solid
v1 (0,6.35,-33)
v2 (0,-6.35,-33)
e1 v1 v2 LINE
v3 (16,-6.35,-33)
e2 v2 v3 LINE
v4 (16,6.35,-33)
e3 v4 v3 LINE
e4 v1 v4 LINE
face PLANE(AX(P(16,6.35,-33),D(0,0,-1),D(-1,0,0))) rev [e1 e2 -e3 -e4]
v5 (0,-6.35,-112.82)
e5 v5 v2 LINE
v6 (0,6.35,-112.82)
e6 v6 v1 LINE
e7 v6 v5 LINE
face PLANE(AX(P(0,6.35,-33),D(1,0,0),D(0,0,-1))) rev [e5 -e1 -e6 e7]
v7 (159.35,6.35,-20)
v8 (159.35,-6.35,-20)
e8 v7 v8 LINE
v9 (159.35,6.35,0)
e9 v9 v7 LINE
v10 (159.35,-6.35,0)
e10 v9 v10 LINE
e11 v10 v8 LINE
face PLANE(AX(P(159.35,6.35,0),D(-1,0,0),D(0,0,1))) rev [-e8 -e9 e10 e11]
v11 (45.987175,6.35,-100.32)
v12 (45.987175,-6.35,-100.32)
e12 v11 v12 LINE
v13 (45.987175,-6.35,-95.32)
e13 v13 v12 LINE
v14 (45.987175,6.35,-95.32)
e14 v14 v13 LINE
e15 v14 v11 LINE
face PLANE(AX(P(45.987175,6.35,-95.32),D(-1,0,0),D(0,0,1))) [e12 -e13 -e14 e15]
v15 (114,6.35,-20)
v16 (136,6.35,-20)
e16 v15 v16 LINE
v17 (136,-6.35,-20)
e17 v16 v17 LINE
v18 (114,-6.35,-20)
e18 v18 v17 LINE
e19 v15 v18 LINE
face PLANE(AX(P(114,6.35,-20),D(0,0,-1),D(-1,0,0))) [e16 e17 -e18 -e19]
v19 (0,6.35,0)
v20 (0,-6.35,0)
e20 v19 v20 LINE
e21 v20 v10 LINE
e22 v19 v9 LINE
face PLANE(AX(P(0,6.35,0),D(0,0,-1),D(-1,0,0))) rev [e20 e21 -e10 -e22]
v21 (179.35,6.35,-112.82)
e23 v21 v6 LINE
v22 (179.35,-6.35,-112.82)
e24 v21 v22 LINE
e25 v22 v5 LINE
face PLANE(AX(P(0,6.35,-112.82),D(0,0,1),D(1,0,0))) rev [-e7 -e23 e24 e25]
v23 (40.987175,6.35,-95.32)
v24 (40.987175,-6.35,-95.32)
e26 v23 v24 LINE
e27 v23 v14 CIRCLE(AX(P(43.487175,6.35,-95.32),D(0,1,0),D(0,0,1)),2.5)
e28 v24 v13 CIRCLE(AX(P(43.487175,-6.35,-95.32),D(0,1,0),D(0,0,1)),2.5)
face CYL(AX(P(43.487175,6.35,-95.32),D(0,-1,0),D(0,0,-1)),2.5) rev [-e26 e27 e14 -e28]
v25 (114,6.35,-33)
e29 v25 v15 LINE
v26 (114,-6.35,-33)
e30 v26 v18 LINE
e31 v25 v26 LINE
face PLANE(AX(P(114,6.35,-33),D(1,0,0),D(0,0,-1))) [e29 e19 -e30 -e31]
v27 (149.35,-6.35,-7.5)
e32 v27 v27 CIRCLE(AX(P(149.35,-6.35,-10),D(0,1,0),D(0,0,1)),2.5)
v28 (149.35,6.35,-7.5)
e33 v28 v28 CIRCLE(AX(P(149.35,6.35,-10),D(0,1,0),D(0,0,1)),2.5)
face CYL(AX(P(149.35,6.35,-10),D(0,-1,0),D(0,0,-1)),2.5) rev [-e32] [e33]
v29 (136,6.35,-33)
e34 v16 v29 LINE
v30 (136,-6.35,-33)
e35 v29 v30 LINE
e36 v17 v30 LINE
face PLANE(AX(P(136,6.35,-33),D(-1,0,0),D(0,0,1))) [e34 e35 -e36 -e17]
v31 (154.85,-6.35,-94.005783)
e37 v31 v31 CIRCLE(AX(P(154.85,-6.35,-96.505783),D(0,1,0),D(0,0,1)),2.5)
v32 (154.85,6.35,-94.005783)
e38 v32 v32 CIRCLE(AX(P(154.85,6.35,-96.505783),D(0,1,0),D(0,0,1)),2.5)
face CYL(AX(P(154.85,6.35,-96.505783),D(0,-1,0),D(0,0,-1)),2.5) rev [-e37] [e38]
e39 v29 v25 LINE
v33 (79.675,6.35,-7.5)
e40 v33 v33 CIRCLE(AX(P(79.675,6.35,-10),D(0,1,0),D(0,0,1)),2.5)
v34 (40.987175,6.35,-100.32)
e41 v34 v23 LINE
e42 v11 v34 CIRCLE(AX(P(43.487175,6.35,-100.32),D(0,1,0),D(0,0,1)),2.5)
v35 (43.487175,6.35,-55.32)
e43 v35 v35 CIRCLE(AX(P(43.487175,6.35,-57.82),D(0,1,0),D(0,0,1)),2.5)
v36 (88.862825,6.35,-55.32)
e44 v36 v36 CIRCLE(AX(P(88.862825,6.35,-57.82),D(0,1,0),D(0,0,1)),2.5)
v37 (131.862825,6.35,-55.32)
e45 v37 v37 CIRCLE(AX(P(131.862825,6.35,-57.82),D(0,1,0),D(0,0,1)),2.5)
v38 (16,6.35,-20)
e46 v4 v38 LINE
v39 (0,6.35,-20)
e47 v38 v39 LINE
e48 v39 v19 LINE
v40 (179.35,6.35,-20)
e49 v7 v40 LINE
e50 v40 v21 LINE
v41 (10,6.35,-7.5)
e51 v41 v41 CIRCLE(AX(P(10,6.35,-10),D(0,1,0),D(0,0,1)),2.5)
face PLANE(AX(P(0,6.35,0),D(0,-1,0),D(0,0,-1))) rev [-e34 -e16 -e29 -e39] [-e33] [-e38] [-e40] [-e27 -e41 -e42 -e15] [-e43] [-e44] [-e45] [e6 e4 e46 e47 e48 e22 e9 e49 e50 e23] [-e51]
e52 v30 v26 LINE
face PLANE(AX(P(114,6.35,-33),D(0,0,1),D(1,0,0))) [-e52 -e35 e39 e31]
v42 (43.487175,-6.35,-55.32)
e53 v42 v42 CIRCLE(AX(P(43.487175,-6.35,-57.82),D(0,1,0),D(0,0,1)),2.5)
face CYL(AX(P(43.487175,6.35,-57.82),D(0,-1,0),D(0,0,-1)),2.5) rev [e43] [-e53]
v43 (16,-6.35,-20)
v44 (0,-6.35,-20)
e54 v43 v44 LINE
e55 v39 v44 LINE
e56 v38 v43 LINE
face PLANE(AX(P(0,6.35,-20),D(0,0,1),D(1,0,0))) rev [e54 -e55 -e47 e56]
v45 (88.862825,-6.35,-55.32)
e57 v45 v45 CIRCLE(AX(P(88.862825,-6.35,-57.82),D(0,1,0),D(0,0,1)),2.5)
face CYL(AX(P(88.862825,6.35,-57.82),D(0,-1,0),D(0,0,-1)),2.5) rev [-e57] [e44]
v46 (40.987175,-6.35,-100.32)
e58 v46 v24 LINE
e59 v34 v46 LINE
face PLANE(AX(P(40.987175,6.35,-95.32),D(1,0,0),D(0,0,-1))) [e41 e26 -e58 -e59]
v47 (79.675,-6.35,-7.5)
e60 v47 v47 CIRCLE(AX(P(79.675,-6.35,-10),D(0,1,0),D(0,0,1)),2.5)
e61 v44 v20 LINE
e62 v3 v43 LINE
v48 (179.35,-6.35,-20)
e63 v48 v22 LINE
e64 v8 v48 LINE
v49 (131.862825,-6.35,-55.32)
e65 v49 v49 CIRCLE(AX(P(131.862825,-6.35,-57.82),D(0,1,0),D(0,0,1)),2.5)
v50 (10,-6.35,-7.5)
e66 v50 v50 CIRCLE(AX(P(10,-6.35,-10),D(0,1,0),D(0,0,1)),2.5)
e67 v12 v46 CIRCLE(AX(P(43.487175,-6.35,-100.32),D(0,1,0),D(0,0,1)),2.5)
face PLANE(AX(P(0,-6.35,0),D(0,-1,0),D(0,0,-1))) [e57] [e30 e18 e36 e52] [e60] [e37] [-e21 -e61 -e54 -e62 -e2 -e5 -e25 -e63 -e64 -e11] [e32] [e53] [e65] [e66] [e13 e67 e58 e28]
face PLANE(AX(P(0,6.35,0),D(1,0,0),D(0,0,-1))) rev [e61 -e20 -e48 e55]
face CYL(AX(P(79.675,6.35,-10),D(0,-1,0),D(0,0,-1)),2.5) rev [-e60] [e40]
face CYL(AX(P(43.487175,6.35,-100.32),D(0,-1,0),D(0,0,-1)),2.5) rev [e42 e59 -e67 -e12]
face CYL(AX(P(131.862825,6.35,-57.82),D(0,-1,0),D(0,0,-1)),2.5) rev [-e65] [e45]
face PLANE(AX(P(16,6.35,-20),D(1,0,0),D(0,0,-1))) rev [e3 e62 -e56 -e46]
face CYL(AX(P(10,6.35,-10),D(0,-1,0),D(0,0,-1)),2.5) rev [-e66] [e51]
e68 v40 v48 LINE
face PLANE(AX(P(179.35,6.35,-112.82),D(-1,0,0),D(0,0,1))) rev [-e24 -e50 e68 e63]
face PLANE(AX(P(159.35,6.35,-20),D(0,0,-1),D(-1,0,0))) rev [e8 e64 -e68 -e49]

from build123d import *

# Parameters (mm, degrees)
SKETCH1_R           = 2.5
SKETCH1_W           = 22
SKETCH1_H           = 13
BOSS_EXTRUDE1_DEPTH = 6.35


with BuildPart() as part:
    # Sketch1 → Boss-Extrude1 (new, symmetric)
    with BuildSketch(Plane(origin=(0, 0, 0), x_dir=(1, 0, 0), z_dir=(0, 1, 0))):
        Polygon((0, 0), (159.35, 0), (159.35, 20), (179.35, 20), (179.35, 112.82), (0, 112.82), (0, 33), (16, 33), (16, 20), (0, 20), align=None)
        with Locations(Location((43.48717527, 57.82, 0), (0, 0, 270))):
            Circle(SKETCH1_R, mode=Mode.SUBTRACT)
        with Locations(Location((88.86282473, 57.82, 0), (0, 0, 270))):
            Circle(SKETCH1_R, mode=Mode.SUBTRACT)
        with Locations(Location((131.86282473, 57.82, 0), (0, 0, 270))):
            Circle(SKETCH1_R, mode=Mode.SUBTRACT)
        with Locations(Location((154.85, 96.505782571, 0), (0, 0, 270))):
            Circle(SKETCH1_R, mode=Mode.SUBTRACT)
        with Locations(Location((10, 10, 0), (0, 0, 270))):
            Circle(SKETCH1_R, mode=Mode.SUBTRACT)
        with Locations(Location((79.675, 10, 0), (0, 0, 270))):
            Circle(SKETCH1_R, mode=Mode.SUBTRACT)
        with Locations(Location((149.35, 10, 0), (0, 0, 270))):
            Circle(SKETCH1_R, mode=Mode.SUBTRACT)
        with BuildLine():
            Line((40.98717527, 95.32), (40.98717527, 100.32))
            ThreePointArc((40.98717527, 100.32), (43.48717527, 102.82), (45.98717527, 100.32))
            Line((45.98717527, 100.32), (45.98717527, 95.32))
            ThreePointArc((45.98717527, 95.32), (43.48717527, 92.82), (40.98717527, 95.32))
        make_face(mode=Mode.SUBTRACT)
        with Locations((125, 26.5)):
            Rectangle(SKETCH1_W, SKETCH1_H, mode=Mode.SUBTRACT)
    extrude(amount=BOSS_EXTRUDE1_DEPTH, both=True)


solid = part.part
